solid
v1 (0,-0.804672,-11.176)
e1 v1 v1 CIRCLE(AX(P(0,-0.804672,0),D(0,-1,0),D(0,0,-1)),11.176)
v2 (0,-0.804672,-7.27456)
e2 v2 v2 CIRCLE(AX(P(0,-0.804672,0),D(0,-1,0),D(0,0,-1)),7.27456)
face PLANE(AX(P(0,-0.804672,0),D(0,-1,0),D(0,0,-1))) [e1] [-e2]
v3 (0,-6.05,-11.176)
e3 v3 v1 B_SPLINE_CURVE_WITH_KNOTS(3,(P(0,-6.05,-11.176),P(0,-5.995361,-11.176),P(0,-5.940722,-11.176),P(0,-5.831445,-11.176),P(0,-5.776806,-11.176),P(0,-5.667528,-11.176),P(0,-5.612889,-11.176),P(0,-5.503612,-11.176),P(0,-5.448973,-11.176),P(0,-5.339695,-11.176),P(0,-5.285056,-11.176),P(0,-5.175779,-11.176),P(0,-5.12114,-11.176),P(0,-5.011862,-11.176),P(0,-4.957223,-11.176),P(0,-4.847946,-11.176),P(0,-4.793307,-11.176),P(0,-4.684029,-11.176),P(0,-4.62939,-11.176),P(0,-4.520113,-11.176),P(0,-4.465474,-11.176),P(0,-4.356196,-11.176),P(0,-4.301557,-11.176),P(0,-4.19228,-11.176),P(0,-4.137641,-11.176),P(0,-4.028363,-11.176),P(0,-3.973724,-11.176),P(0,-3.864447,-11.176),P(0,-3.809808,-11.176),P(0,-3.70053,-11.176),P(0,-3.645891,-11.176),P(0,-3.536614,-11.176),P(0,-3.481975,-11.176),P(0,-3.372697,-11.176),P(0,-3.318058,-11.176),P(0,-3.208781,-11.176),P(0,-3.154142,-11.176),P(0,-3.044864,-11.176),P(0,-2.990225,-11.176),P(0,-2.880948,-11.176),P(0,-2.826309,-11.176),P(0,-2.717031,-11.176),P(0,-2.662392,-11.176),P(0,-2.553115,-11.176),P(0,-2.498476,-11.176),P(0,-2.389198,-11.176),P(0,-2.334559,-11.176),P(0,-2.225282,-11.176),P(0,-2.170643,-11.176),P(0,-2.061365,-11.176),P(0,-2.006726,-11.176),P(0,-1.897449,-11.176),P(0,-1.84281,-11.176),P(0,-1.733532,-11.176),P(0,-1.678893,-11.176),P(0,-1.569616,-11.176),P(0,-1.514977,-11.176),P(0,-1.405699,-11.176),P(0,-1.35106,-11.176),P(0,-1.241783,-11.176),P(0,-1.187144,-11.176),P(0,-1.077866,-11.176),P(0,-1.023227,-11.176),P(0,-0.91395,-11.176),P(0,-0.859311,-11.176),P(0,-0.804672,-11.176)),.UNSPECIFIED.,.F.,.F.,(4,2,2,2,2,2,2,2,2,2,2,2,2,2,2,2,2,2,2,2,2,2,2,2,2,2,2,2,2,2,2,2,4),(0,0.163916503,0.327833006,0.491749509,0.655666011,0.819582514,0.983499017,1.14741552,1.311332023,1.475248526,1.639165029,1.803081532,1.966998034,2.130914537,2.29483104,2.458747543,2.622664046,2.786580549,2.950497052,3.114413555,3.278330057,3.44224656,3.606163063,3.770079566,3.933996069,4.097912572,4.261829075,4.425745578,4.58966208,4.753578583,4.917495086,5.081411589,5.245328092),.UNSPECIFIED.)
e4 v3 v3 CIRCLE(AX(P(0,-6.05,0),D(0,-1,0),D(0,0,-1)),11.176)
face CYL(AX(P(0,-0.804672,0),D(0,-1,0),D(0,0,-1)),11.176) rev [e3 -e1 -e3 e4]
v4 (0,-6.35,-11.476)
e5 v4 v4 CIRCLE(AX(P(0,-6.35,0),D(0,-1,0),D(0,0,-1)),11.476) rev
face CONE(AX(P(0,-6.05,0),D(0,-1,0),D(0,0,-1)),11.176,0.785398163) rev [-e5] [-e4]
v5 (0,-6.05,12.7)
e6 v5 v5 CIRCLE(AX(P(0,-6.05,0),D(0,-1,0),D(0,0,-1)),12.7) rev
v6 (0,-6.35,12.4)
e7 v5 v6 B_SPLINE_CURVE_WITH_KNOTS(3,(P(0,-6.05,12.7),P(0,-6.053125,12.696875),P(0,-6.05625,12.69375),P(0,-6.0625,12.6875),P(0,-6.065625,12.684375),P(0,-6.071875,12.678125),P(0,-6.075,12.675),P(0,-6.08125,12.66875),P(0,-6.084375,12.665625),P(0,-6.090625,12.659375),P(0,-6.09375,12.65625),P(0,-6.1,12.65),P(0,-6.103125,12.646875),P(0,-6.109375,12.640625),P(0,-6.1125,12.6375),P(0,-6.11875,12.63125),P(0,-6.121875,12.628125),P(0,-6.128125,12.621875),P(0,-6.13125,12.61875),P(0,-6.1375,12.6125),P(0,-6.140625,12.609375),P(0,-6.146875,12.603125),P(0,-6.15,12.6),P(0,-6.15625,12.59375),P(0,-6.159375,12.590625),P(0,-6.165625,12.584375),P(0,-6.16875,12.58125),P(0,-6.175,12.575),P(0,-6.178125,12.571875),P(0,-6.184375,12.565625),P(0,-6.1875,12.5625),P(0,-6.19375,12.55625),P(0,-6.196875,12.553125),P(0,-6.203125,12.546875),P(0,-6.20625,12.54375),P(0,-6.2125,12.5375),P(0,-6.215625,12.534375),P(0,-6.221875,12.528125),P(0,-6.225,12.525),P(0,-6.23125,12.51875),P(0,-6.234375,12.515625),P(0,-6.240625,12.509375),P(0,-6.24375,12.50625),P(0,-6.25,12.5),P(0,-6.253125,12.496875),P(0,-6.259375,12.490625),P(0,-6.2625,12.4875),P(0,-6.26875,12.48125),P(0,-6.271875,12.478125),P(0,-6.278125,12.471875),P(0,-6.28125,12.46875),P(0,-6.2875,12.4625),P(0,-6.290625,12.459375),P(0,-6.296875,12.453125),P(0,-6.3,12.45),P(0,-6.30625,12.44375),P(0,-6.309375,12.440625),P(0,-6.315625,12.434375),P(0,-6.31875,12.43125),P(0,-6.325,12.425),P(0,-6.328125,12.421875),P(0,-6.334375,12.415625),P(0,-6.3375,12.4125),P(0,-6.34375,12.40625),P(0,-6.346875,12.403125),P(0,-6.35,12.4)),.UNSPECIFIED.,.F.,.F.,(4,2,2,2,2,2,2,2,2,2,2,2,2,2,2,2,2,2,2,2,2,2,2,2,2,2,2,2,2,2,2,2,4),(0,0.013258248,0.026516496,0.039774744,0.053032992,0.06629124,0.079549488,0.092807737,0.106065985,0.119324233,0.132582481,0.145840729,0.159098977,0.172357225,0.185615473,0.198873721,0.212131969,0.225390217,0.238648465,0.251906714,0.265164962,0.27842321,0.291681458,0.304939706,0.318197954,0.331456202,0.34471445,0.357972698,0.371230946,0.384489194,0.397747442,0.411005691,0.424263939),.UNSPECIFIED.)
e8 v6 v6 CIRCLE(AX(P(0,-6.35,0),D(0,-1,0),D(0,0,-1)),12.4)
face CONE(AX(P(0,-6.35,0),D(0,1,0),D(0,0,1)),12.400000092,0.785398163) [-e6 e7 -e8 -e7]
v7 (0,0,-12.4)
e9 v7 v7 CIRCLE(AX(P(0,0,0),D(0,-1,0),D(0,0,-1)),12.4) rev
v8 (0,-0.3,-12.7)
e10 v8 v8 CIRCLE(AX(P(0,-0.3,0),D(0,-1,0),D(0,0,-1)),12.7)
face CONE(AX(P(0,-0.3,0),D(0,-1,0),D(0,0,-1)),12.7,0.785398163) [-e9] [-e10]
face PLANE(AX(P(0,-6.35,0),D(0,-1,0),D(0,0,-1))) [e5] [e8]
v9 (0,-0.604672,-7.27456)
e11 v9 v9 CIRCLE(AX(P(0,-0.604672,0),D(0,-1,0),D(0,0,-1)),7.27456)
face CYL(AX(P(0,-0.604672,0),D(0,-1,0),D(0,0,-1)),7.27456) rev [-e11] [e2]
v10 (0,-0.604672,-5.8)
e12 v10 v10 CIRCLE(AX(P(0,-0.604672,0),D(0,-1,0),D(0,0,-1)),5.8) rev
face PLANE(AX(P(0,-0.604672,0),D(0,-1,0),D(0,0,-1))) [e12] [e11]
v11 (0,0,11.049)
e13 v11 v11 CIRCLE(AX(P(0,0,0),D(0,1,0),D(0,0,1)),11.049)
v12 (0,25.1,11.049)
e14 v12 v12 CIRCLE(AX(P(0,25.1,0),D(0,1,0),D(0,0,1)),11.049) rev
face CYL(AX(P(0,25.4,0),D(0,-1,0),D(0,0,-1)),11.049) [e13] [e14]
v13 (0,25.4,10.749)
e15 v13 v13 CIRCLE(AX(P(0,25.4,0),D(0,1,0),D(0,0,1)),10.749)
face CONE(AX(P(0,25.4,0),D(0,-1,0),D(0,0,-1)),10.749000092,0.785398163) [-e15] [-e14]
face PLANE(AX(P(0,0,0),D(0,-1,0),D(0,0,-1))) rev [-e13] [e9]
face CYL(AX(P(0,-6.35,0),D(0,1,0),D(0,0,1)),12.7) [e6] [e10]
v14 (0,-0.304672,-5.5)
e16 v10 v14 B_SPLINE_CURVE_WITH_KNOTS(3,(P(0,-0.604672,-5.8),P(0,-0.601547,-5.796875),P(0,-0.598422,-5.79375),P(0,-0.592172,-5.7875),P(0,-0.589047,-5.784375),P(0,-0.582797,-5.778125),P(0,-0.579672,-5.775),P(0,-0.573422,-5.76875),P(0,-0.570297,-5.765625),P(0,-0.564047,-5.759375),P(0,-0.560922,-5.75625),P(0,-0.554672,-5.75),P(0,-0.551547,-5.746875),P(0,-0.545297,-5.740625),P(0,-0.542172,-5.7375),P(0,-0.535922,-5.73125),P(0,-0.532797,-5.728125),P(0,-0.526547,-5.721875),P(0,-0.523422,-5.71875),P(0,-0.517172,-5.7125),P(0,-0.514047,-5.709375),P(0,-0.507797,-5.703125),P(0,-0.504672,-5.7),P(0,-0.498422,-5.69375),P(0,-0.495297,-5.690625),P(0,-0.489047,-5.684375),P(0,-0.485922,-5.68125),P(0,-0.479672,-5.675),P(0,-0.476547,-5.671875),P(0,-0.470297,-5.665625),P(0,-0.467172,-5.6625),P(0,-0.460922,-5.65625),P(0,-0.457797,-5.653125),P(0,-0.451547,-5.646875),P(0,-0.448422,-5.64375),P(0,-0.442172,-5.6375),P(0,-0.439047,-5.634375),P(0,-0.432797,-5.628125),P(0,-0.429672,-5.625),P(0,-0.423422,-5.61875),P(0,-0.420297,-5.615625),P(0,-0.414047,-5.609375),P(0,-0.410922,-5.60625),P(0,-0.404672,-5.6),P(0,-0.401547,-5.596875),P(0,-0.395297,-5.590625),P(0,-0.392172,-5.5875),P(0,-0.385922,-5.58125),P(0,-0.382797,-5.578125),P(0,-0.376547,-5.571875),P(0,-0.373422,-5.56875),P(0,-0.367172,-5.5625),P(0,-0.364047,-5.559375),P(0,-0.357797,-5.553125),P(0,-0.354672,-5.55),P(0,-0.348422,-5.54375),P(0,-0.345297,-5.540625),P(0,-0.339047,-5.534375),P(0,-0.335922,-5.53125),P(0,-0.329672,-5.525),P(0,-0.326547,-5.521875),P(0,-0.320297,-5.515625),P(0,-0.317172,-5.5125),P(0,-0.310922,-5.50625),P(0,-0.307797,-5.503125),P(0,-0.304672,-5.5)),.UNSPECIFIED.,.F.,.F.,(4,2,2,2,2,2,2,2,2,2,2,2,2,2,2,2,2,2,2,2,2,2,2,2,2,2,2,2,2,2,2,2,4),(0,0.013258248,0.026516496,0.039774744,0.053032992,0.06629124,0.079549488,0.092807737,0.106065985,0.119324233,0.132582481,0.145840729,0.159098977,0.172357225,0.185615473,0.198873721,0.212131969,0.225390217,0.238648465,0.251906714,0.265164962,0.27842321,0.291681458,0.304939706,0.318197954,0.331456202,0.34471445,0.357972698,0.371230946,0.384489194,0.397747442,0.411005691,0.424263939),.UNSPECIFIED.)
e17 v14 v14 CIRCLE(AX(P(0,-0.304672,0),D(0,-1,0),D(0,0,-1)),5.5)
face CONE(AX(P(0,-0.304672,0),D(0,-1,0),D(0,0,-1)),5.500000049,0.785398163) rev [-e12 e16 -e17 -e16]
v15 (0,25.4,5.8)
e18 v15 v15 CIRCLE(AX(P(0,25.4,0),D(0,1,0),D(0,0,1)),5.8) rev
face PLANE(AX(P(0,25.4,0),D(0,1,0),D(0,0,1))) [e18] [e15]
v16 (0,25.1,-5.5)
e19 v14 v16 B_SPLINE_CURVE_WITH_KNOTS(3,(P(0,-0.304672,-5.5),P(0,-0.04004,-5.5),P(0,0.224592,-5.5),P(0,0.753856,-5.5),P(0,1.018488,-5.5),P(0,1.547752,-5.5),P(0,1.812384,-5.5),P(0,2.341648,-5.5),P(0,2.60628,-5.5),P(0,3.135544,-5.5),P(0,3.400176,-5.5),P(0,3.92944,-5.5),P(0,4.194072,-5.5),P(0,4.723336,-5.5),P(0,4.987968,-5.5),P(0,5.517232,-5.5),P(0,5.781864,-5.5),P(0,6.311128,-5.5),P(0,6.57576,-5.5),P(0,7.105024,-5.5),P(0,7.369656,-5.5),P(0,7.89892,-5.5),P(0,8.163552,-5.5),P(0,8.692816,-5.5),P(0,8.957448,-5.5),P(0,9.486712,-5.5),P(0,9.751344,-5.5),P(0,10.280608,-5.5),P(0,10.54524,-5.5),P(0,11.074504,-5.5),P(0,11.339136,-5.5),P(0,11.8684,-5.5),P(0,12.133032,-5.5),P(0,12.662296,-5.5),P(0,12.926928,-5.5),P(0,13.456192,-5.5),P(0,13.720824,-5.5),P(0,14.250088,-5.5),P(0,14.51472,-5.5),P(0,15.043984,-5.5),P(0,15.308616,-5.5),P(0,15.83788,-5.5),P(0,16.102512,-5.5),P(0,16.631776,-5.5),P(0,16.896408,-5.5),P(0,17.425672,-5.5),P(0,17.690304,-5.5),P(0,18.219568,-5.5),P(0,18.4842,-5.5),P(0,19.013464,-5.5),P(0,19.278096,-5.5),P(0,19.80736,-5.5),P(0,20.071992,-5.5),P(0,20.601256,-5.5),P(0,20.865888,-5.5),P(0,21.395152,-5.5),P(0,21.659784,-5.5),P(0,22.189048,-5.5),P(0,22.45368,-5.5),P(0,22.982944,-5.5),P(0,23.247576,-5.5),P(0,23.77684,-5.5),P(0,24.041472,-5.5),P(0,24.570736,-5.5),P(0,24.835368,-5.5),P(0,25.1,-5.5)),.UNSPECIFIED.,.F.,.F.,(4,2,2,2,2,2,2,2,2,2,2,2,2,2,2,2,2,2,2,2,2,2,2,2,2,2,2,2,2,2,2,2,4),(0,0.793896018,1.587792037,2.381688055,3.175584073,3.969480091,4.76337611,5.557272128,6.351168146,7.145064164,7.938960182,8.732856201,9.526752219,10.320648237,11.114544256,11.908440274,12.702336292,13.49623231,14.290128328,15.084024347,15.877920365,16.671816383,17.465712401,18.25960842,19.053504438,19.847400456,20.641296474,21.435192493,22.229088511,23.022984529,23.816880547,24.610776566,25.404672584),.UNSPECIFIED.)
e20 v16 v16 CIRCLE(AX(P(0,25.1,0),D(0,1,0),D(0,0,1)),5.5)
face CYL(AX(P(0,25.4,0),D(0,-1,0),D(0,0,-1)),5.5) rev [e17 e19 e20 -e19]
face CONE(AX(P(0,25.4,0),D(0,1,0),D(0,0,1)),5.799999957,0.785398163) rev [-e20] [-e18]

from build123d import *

# Parameters (mm, degrees)
SKETCH1_R           = 11.049
BOSS_EXTRUDE1_DEPTH = 25.4
SKETCH2_R           = 12.7
BOSS_EXTRUDE2_DEPTH = 6.35
SKETCH5_R           = 11.176
CUT_EXTRUDE2_DEPTH  = 5.545328
SKETCH6_R           = 7.27456
CUT_EXTRUDE3_DEPTH  = 0.1999996
SKETCH3_R           = 5.500000049
CUT_EXTRUDE1_DEPTH  = 37.477972806
CHAMFER1_SIZE       = 0.299999908


with BuildPart() as part:
    # Sketch1 → Boss-Extrude1 (new body)
    with BuildSketch(Plane(origin=(0, 0, 0), x_dir=(1, 0, 0), z_dir=(0, 1, 0))):
        with Locations(Location((0, 0, 0), (0, 0, 270))):
            Circle(SKETCH1_R)
    extrude(amount=BOSS_EXTRUDE1_DEPTH)

    # Sketch2 → Boss-Extrude2 (add)
    with BuildSketch(Plane.XZ):
        with Locations(Location((0, 0, 0), (0, 0, 270))):
            Circle(SKETCH2_R)
    extrude(amount=BOSS_EXTRUDE2_DEPTH)

    # Sketch5 → Cut-Extrude2 (cut)
    with BuildSketch(Plane.XZ.offset(6.35)):
        with Locations(Location((0, 0, 0), (0, 0, 270))):
            Circle(SKETCH5_R)
    extrude(amount=-CUT_EXTRUDE2_DEPTH, mode=Mode.SUBTRACT)

    # Sketch6 → Cut-Extrude3 (cut)
    with BuildSketch(Plane.XZ.offset(0.804672)):
        with Locations(Location((0, 0, 0), (0, 0, 270))):
            Circle(SKETCH6_R)
    extrude(amount=-CUT_EXTRUDE3_DEPTH, mode=Mode.SUBTRACT)

    # Sketch3 → Cut-Extrude1 (cut, through all)
    with BuildSketch(Plane.XZ.offset(6.35)):
        with Locations(Location((0, 0, 0), (0, 0, 270))):
            Circle(SKETCH3_R)
    extrude(amount=-CUT_EXTRUDE1_DEPTH, mode=Mode.SUBTRACT)

    # Chamfer1
    chamfer1_edges = [part.edges().sort_by_distance(p)[0] for p in [
        (0, -6.35, 11.176),
        (0, -0.6046724, 5.500000049),
        (0, 25.4, 5.500000049),
        (0, 25.4, -11.049),
        (0, 0, 12.7),
        (0, -6.35, 12.7),
    ]]
    chamfer(chamfer1_edges, length=CHAMFER1_SIZE)


solid = part.part
